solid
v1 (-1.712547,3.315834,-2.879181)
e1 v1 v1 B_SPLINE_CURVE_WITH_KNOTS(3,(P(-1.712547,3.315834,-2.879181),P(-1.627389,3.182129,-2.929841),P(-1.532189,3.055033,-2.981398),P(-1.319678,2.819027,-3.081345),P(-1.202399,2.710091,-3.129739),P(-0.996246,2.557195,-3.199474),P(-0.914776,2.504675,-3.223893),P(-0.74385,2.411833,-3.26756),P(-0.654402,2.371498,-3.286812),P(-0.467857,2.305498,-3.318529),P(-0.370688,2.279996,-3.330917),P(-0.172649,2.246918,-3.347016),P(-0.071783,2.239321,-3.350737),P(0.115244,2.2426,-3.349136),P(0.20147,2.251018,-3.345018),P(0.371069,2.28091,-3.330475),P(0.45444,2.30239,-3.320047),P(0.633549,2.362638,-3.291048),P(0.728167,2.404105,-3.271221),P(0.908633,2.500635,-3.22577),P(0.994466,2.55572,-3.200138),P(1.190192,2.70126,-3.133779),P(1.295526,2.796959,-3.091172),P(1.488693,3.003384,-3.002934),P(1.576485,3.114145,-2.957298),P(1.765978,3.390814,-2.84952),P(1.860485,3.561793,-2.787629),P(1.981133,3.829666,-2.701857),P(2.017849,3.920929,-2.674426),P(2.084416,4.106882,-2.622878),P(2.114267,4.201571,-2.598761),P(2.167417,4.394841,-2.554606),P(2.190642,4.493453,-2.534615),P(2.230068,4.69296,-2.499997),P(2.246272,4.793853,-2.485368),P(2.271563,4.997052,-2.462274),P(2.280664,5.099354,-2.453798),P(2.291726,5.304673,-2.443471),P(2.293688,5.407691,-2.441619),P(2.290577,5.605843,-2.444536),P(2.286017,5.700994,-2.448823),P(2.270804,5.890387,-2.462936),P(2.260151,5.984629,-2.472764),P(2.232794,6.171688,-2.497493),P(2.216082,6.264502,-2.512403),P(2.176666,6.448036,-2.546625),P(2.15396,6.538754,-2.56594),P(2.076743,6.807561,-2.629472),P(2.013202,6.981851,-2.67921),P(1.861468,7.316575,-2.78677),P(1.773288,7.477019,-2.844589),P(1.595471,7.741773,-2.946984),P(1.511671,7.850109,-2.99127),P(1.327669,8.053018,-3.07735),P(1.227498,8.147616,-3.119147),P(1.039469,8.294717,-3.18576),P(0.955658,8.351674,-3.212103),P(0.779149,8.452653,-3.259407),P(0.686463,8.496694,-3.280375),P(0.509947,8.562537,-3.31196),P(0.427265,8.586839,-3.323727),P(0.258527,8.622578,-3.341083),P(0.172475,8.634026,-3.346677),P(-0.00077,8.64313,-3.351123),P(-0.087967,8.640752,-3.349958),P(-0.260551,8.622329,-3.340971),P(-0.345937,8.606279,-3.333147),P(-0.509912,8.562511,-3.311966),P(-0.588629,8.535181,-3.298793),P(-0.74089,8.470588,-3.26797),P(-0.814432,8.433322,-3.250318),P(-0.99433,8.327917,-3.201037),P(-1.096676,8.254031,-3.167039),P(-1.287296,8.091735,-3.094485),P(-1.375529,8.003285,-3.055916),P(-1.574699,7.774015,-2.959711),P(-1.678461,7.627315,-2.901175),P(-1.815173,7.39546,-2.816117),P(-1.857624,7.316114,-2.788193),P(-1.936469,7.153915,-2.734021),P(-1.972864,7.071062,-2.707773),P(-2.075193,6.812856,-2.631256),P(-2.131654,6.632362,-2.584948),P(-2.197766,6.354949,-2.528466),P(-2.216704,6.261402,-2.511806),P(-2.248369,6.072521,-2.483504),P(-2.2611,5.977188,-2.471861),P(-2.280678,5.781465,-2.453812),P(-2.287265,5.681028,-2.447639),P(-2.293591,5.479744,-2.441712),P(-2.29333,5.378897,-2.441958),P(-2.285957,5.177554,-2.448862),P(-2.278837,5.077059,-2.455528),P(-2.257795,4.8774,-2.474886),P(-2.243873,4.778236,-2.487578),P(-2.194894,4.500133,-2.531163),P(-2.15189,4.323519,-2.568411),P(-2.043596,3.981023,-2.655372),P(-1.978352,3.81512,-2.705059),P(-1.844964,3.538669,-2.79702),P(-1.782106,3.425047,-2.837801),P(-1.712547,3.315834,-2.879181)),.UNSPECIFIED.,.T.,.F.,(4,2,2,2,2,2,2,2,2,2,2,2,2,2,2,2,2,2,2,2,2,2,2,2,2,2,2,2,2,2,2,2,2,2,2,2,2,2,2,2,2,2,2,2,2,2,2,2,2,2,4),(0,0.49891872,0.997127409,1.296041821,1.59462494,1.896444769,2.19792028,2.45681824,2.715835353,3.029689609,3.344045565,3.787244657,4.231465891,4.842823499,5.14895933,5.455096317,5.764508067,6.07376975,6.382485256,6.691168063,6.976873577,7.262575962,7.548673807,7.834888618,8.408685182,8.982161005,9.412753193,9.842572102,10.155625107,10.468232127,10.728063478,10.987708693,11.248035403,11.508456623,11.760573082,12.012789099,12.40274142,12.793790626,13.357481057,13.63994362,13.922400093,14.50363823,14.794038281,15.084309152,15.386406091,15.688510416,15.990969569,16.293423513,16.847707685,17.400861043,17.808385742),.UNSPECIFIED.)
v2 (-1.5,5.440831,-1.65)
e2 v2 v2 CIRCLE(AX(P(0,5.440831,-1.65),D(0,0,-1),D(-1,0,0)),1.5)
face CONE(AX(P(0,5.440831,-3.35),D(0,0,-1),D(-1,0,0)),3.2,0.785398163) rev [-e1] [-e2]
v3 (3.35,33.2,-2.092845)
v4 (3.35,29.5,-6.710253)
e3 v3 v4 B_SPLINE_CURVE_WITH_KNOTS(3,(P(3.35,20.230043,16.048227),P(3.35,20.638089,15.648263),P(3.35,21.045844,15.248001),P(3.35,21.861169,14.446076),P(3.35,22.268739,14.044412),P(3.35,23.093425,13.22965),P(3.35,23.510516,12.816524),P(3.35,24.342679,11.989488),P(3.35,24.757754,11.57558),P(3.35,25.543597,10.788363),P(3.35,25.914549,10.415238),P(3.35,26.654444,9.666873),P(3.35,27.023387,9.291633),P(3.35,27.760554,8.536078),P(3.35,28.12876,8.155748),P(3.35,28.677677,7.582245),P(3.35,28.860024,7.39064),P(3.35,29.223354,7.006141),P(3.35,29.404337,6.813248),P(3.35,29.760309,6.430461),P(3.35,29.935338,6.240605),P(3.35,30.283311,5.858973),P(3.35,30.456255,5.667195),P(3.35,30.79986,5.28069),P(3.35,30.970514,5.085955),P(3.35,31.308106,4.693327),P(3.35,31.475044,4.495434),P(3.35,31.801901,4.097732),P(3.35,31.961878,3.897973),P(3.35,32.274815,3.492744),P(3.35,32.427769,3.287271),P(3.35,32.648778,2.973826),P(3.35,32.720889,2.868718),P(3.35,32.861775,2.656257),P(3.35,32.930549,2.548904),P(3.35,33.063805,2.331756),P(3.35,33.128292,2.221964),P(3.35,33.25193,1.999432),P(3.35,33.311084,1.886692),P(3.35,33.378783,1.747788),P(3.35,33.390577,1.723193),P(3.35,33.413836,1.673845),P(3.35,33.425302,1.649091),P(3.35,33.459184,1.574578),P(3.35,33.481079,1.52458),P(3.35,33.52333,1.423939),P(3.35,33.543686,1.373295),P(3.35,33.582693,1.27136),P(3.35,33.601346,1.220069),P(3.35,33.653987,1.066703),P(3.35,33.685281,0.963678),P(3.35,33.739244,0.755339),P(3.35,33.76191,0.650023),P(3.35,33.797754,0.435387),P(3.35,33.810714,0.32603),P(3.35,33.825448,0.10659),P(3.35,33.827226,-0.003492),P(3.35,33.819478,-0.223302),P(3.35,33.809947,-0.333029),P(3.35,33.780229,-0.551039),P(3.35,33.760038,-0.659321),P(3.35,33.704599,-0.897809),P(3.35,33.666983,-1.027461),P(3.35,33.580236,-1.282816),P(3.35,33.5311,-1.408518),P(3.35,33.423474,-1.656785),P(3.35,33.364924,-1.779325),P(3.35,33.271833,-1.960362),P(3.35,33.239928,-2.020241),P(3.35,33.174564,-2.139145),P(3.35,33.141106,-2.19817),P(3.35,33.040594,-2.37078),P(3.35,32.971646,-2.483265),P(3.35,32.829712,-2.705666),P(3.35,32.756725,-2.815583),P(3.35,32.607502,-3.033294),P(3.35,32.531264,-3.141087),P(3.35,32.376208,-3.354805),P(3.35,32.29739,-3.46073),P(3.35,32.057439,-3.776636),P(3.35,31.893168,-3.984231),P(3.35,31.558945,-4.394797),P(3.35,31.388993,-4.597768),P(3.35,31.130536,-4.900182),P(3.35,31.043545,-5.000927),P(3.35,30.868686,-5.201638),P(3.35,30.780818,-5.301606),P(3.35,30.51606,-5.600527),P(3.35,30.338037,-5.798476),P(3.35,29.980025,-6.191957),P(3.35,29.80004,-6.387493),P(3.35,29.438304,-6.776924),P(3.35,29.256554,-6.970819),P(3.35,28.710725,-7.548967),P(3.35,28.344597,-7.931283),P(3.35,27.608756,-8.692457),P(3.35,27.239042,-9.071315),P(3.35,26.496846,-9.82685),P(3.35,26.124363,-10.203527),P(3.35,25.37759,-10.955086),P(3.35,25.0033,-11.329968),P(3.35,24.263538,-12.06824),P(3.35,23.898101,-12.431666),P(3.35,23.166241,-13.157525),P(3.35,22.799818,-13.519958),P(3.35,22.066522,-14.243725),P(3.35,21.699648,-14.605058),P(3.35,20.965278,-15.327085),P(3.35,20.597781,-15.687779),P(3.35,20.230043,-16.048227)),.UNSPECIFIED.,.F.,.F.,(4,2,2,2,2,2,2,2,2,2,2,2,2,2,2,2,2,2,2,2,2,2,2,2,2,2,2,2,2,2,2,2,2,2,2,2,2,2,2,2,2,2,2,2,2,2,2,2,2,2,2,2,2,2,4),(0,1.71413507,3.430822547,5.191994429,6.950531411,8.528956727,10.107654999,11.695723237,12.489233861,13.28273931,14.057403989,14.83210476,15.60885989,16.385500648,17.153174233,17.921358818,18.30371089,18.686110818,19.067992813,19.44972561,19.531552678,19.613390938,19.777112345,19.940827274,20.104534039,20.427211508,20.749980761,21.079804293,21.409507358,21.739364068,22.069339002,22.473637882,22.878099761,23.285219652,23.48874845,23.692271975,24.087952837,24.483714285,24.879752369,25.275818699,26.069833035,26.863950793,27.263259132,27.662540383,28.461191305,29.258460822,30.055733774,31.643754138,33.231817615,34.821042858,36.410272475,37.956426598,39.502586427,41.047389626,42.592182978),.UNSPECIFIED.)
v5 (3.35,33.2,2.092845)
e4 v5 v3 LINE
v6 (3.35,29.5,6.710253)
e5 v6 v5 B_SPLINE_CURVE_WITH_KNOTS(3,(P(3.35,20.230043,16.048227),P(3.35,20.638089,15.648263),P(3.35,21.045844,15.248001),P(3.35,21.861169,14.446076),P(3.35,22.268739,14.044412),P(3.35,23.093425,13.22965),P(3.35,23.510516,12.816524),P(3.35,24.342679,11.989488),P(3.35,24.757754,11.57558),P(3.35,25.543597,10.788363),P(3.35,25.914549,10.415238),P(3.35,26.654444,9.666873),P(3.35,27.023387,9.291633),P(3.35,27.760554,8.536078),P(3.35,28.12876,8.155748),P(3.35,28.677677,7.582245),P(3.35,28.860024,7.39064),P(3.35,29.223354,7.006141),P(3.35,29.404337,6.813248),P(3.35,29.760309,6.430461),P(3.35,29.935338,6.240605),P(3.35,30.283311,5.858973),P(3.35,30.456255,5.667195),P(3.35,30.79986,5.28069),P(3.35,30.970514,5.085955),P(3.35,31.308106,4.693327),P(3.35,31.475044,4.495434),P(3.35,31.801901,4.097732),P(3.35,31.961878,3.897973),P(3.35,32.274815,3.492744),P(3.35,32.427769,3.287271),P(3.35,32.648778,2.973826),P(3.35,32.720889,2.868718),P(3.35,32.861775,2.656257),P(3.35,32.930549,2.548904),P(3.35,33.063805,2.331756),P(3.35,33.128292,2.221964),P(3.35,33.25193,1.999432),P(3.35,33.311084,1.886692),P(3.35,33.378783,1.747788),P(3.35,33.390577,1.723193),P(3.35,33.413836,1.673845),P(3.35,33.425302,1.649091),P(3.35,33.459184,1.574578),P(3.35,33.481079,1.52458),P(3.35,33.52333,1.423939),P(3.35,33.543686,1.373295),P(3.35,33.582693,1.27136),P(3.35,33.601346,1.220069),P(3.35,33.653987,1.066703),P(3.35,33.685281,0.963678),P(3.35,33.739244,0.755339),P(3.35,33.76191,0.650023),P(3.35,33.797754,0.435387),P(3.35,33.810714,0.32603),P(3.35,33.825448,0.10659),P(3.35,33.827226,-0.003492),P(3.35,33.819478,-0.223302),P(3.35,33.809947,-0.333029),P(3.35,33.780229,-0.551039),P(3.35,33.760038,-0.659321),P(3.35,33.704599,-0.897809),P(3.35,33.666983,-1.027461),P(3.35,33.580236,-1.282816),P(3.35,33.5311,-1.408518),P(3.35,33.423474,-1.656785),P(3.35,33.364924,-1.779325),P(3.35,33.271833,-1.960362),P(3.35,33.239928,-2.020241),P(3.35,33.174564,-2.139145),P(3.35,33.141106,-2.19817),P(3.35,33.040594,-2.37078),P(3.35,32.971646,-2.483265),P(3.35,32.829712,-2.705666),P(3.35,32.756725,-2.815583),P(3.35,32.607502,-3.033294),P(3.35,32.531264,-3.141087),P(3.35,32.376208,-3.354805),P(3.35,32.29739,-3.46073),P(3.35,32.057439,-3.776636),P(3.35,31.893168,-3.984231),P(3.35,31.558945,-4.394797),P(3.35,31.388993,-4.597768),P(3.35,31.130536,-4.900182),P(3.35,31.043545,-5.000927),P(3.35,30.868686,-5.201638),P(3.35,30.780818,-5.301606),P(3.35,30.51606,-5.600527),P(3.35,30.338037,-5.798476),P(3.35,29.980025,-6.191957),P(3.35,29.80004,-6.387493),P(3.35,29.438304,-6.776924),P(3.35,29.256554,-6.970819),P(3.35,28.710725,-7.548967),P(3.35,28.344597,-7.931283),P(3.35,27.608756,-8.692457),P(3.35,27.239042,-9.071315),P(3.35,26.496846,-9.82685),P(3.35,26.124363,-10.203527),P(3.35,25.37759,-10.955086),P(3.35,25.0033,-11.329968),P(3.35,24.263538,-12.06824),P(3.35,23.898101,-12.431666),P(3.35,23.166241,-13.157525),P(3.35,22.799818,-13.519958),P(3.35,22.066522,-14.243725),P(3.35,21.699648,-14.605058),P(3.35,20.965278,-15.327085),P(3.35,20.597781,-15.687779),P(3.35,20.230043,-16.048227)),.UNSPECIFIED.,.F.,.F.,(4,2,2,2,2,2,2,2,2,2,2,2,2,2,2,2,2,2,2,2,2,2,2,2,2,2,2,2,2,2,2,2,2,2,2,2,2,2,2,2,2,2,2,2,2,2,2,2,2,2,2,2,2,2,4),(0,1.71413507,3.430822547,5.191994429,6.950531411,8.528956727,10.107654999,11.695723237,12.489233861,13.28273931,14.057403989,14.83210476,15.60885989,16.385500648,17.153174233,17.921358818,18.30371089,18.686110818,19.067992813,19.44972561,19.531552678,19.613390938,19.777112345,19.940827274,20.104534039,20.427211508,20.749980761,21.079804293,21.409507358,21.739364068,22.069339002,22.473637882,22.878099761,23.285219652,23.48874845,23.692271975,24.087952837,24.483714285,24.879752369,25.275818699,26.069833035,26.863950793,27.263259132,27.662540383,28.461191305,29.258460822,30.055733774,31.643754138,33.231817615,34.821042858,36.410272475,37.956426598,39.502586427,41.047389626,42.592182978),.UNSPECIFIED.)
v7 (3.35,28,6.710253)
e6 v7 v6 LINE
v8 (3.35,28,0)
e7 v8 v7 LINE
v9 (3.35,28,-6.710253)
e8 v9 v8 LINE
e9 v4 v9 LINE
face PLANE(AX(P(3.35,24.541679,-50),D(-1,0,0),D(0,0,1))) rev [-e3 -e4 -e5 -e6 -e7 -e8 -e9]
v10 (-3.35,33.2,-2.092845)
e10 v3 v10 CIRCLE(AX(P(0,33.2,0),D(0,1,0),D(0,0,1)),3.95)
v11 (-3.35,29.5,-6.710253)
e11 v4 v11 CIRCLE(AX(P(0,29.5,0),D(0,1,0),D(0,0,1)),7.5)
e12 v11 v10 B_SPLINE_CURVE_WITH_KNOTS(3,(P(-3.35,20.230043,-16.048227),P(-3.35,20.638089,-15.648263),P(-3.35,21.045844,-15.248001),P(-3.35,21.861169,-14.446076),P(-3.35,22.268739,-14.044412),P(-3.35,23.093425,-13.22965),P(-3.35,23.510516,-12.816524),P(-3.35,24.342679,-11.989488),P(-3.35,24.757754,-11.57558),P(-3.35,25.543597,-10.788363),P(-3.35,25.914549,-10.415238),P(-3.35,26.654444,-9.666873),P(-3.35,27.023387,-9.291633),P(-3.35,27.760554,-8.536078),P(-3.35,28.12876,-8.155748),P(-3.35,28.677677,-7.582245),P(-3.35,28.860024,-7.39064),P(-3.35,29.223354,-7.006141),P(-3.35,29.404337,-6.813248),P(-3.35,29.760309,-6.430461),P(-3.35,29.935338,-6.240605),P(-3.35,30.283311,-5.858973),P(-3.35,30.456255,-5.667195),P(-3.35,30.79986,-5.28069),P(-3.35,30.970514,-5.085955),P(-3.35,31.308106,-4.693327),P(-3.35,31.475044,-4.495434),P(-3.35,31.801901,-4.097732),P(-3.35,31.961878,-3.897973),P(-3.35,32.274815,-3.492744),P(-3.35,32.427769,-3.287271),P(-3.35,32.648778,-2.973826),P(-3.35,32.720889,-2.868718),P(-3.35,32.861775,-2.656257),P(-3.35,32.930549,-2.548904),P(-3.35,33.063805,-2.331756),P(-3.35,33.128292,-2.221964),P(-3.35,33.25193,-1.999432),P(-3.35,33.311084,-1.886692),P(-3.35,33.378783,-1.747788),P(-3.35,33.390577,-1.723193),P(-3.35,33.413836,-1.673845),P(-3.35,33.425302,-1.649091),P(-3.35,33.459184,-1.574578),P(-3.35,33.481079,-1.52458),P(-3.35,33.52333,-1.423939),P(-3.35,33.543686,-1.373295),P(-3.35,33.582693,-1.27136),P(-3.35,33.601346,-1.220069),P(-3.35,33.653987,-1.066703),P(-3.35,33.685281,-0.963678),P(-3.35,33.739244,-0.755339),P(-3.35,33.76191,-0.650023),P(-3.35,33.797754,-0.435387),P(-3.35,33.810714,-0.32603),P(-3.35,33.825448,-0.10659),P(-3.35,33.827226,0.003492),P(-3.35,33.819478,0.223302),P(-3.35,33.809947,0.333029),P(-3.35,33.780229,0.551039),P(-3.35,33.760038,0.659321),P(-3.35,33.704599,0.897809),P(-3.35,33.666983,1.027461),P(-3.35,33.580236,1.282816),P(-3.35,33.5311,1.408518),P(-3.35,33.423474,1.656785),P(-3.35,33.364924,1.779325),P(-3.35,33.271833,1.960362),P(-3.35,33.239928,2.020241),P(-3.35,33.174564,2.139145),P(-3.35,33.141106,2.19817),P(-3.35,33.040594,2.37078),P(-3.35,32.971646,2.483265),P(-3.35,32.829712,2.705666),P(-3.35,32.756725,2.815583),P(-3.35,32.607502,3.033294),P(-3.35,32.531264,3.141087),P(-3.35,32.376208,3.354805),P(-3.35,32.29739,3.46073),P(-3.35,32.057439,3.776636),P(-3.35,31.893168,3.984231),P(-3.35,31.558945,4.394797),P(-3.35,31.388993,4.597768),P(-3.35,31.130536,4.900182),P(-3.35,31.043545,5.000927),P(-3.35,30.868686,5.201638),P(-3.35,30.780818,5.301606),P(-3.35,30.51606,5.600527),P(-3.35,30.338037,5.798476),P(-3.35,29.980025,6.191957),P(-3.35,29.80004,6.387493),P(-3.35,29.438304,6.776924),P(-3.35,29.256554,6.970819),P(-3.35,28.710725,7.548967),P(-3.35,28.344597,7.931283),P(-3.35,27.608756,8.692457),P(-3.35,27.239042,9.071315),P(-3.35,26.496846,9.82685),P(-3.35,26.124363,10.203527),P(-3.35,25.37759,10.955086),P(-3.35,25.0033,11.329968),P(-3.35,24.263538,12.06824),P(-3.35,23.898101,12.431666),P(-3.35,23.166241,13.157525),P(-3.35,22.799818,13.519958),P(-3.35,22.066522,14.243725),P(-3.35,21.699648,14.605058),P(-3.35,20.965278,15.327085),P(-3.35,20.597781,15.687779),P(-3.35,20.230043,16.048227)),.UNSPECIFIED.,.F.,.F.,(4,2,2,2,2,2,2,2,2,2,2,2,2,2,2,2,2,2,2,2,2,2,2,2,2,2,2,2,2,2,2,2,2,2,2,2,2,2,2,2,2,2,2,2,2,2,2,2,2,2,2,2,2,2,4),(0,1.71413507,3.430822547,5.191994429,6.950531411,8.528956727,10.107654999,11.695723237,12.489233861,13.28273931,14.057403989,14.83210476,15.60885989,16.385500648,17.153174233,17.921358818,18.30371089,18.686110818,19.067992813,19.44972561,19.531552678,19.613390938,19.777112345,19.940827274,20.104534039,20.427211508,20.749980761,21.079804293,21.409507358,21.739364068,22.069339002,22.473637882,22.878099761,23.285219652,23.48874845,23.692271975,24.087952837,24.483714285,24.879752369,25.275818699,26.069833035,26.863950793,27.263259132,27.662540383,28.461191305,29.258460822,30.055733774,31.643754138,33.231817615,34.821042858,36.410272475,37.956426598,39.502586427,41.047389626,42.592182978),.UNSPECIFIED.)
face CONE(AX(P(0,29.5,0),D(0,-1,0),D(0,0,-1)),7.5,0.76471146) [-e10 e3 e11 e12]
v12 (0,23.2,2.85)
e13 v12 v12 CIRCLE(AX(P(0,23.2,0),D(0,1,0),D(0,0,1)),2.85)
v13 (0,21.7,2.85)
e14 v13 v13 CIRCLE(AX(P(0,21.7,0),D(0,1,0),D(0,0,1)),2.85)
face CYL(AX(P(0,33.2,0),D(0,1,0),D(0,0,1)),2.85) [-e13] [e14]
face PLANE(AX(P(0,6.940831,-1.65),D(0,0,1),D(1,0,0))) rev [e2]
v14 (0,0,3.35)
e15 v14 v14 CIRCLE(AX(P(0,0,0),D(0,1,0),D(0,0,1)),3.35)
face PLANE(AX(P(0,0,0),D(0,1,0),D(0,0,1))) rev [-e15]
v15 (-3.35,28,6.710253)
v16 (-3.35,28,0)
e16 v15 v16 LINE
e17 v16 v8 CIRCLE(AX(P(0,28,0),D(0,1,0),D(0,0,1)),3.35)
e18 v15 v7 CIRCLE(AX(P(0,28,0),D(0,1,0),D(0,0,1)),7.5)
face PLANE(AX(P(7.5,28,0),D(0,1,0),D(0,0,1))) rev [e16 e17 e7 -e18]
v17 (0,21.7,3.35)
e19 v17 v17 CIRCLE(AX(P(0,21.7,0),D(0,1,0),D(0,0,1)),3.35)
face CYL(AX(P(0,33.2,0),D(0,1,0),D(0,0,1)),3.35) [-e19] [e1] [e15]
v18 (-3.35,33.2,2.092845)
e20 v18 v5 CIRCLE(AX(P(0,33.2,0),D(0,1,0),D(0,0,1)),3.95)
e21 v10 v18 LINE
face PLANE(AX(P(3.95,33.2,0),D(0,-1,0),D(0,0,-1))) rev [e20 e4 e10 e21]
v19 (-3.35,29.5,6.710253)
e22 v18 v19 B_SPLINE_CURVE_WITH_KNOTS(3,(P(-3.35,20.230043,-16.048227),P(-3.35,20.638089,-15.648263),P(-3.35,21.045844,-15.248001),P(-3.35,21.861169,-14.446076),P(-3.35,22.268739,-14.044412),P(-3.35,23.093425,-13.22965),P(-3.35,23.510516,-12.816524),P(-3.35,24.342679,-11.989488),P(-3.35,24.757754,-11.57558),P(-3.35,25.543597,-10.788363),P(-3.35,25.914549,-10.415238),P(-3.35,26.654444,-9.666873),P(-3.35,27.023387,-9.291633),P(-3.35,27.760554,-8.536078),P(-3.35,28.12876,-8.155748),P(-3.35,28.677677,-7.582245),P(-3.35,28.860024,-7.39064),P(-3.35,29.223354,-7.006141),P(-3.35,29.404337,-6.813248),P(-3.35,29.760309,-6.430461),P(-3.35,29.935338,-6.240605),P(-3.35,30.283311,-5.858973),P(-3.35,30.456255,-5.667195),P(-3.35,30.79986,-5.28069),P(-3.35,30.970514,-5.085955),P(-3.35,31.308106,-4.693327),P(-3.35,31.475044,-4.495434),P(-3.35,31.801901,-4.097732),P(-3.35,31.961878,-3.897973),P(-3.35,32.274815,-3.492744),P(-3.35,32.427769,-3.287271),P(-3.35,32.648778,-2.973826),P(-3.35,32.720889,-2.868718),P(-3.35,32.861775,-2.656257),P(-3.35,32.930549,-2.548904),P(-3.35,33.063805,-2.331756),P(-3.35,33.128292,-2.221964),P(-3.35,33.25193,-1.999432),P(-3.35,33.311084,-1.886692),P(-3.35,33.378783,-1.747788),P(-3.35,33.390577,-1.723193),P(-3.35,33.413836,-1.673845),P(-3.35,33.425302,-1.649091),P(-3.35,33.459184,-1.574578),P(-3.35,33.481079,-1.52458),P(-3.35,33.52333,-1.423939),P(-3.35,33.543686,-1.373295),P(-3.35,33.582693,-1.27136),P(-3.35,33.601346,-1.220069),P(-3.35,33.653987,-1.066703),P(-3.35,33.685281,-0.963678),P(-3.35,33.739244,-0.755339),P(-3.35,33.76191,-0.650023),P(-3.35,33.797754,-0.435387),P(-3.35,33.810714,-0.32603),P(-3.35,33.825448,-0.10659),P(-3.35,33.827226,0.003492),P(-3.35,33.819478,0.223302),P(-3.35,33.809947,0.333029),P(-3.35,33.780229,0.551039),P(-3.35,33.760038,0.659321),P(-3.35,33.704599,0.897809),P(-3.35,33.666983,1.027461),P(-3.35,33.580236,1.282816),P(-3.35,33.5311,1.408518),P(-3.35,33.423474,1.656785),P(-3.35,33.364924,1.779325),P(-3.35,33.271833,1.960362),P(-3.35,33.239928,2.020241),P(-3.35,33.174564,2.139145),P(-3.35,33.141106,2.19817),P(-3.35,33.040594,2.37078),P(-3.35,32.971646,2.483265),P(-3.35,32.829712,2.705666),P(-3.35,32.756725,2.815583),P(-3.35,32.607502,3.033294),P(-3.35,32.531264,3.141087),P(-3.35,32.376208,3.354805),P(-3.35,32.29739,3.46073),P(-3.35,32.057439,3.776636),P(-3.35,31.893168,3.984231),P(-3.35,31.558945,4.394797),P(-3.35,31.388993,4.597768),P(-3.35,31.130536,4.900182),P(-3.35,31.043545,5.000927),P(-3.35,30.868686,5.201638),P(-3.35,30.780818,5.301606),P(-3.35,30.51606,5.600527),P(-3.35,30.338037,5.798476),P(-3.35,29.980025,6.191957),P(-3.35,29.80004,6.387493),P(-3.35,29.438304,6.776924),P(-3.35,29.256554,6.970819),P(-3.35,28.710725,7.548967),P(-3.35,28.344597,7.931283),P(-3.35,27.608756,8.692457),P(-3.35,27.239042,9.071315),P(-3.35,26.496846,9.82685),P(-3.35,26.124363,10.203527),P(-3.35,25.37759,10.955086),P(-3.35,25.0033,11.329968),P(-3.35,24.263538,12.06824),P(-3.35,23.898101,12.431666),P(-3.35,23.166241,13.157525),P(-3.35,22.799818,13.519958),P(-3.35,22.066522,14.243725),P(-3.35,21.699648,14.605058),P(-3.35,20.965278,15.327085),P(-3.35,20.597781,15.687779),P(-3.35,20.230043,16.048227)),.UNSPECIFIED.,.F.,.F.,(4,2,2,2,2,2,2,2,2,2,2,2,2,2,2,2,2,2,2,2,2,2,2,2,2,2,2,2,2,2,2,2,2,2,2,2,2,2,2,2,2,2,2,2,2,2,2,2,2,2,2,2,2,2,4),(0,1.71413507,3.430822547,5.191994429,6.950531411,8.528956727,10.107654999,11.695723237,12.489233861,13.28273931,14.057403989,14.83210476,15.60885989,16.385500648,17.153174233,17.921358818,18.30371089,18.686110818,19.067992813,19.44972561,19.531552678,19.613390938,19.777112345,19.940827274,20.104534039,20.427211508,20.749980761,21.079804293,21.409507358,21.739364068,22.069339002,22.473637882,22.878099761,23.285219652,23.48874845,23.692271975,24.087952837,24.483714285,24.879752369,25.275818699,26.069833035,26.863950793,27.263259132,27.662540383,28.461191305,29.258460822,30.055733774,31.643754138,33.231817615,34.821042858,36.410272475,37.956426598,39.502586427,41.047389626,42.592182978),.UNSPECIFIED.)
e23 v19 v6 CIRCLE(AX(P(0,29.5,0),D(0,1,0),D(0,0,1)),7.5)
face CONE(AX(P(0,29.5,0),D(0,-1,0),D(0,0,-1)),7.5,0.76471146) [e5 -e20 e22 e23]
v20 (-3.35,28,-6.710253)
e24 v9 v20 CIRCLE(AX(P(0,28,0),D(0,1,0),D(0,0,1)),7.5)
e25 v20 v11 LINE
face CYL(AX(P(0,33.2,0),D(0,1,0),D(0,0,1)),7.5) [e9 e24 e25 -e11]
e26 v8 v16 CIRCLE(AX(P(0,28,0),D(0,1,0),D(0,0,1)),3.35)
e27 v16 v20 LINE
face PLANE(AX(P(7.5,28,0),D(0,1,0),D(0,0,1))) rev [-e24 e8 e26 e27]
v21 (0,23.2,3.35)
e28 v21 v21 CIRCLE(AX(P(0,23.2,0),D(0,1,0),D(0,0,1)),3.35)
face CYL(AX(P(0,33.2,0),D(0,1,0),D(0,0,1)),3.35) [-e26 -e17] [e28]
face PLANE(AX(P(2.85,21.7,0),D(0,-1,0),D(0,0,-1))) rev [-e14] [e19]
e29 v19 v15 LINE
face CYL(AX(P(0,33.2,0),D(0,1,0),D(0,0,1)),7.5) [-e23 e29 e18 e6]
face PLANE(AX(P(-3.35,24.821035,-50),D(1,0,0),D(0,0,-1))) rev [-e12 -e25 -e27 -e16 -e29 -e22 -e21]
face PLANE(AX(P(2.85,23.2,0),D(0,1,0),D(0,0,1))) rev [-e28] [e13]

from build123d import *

# Parameters (mm, degrees)
SKETCH_3_W          = 7.345326746
SKETCH_3_H          = 8.819653772
SKETCH_3_W_2        = 8.702196558
SKETCH_3_H_2        = 9.976983905
CUT_EXTRUDE_1_DEPTH = 50


with BuildPart() as part:
    # 草图1 → 旋转1 (revolve)
    with BuildSketch(Plane.XY, mode=Mode.PRIVATE) as revolve_1_sk:
        Polygon((3.95, 33.2), (0, 33.2), (0, 0), (3.35, 0), (3.35, 21.7), (2.85, 21.7), (2.85, 23.2), (3.35, 23.2), (3.35, 28), (7.5, 28), (7.5, 29.5), align=None)
    revolve(revolve_1_sk.sketch.rotate(Axis((0, 33.2, 0), (0, 1, 0)), 270), axis=Axis((0, 33.2, 0), (0, 1, 0)))

    # 草图3 → 切除-拉伸1 (cut, symmetric)
    with BuildSketch(Plane.XY):
        with Locations((-7.022663373, 29.230861624)):
            Rectangle(SKETCH_3_W, SKETCH_3_H)
        with Locations((7.701098279, 29.530171142)):
            Rectangle(SKETCH_3_W_2, SKETCH_3_H_2)
    extrude(amount=CUT_EXTRUDE_1_DEPTH, both=True, mode=Mode.SUBTRACT)

    # 草图4 → 切除-旋转1 (revolve, cut)
    with BuildSketch(Plane(origin=(0, 0, 0), x_dir=(0, 0, -1), z_dir=(1, 0, 0)), mode=Mode.PRIVATE) as cut_revolve_1_sk:
        Polygon((3.35, 5.440830549), (1.65, 5.440830549), (1.65, 6.940830549), (3.35, 8.640830549), align=None)
    revolve(cut_revolve_1_sk.sketch.rotate(Axis((0, 5.440830549, -3.35), (0, 0, 1)), 90), axis=Axis((0, 5.440830549, -3.35), (0, 0, 1)), mode=Mode.SUBTRACT)


solid = part.part
